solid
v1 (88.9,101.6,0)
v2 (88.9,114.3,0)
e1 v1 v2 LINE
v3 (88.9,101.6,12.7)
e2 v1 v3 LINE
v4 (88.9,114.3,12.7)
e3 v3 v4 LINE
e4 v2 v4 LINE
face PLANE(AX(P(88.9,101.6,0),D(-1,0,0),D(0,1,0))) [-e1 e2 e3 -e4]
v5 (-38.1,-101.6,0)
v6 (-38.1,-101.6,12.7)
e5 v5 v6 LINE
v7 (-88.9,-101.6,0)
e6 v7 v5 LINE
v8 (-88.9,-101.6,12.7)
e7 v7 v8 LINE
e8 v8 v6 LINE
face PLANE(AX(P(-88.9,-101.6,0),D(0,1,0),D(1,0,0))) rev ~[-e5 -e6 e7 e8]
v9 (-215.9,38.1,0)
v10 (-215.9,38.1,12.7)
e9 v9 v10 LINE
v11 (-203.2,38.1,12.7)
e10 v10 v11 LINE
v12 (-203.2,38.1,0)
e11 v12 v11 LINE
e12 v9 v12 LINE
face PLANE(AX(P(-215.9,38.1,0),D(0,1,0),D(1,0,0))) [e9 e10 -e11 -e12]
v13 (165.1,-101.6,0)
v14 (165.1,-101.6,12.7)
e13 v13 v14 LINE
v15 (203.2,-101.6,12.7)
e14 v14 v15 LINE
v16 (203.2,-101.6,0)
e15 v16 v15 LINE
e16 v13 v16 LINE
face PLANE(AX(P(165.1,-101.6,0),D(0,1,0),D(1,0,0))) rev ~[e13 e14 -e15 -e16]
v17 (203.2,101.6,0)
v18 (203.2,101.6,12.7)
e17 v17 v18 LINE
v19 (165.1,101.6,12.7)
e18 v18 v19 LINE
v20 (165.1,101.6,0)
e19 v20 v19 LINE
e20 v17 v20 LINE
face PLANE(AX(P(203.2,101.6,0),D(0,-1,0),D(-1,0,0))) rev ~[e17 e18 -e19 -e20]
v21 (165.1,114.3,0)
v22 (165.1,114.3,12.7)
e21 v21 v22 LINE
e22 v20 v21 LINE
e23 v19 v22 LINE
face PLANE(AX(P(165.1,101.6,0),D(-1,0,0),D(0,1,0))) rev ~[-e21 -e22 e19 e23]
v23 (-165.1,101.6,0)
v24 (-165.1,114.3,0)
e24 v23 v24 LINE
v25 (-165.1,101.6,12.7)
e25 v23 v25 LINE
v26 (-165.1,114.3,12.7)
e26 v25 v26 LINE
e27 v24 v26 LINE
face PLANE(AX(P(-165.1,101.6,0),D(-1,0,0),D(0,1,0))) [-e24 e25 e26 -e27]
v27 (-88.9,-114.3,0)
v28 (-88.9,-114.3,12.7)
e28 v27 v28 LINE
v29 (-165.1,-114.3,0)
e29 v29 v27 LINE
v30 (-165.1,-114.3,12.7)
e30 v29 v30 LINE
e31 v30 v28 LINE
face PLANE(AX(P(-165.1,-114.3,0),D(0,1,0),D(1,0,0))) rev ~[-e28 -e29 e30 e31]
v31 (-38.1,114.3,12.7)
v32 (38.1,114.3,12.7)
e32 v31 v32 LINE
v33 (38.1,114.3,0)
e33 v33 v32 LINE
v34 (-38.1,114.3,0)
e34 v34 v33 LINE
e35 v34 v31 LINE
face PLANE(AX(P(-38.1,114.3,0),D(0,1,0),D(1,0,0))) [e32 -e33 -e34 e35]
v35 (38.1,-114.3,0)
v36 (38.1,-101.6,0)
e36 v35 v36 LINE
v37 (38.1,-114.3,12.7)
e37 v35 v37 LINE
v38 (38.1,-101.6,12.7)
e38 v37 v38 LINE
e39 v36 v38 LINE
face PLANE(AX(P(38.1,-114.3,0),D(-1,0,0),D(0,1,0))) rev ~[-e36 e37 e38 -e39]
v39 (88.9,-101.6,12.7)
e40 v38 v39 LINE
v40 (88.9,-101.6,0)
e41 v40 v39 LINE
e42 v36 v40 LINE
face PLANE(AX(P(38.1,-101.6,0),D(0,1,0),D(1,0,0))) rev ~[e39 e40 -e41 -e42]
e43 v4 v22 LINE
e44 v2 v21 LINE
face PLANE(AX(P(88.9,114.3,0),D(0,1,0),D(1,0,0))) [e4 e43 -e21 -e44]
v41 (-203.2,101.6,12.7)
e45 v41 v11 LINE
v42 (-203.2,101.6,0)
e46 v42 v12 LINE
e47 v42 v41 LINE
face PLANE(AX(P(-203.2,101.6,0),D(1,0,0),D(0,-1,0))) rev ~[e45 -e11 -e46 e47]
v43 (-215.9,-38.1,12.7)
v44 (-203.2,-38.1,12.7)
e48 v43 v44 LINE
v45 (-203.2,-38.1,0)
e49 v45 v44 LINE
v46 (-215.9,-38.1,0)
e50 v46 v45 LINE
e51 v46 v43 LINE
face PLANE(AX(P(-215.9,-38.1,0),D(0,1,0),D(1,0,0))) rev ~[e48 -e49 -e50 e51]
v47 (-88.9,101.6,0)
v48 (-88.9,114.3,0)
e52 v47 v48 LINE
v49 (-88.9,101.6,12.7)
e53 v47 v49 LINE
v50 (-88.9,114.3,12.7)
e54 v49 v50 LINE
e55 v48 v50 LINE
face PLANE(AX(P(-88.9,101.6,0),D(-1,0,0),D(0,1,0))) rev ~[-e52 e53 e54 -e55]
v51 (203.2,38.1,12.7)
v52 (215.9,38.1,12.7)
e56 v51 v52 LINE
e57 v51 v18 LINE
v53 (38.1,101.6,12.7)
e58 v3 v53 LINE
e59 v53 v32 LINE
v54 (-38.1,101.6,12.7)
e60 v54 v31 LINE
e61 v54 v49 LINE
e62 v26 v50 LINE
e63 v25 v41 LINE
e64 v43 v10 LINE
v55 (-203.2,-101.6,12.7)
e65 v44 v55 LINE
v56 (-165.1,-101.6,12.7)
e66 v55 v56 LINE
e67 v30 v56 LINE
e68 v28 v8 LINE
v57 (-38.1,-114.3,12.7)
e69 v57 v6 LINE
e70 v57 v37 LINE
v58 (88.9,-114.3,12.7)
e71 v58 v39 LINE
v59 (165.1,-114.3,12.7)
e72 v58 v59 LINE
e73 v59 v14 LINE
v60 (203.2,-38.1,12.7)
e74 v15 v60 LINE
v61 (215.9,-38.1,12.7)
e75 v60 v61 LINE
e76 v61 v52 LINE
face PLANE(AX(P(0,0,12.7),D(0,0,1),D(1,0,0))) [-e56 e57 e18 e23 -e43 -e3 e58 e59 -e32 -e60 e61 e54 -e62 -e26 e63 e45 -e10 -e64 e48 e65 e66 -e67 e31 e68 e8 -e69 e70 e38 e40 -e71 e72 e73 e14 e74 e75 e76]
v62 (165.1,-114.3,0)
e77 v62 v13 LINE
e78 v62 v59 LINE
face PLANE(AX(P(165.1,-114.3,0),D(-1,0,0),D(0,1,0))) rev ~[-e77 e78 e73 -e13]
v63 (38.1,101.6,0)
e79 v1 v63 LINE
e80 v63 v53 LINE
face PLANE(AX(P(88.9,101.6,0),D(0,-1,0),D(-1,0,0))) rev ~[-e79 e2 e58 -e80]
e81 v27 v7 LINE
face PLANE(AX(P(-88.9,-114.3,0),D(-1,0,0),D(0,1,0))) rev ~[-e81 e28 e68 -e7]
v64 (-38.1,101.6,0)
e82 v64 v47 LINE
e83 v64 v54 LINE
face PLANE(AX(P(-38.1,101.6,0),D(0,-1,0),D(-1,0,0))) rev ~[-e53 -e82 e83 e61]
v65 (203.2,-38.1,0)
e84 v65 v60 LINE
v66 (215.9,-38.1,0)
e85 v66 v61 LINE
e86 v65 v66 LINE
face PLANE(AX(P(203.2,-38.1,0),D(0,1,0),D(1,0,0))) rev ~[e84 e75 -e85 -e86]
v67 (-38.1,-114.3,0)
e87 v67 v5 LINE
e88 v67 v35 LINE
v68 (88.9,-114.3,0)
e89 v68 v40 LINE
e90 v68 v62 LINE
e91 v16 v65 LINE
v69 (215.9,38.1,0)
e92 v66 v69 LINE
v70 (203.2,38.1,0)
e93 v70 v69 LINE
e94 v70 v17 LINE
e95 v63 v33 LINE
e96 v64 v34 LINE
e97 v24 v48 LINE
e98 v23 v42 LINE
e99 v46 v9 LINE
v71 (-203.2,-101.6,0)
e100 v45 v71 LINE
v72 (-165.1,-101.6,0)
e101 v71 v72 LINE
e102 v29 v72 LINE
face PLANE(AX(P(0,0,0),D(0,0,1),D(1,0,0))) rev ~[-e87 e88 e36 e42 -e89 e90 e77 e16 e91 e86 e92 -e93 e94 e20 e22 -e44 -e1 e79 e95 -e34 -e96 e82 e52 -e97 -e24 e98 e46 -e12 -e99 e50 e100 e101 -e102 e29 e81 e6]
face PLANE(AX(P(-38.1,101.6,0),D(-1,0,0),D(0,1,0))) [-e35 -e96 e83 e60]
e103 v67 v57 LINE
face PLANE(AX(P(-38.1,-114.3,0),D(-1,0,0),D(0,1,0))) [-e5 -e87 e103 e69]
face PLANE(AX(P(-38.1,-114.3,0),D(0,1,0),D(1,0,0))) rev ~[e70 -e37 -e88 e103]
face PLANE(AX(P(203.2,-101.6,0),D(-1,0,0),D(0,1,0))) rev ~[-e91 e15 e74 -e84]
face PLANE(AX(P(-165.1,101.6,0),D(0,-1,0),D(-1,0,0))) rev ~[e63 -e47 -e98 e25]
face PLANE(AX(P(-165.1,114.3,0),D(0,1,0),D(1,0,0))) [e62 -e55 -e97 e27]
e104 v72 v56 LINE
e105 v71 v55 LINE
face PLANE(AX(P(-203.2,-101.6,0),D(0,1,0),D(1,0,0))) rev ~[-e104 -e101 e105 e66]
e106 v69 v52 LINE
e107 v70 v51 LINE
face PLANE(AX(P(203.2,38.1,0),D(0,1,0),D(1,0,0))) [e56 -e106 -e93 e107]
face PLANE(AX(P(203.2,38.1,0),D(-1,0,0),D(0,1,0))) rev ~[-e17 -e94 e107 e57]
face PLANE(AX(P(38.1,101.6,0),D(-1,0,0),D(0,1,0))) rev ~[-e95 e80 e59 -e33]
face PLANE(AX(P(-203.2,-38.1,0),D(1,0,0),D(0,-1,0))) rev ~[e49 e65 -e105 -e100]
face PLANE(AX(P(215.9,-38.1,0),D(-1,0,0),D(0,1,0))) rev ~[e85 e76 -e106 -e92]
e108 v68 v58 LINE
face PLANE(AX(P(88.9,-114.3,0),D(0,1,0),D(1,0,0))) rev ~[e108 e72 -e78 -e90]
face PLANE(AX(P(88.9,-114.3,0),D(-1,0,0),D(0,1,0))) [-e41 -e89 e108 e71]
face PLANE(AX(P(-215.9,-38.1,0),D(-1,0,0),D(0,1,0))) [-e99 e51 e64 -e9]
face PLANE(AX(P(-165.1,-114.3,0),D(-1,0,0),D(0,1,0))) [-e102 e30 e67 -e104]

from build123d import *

# Parameters (mm, degrees)
F0_W     = 12.7
F0_H     = 76.2
F0_W_2   = 76.2
F0_H_2   = 12.7
F1_DEPTH = 12.7


with BuildPart() as f1:
    # F0 (on Top) → F1 (new body)
    with BuildSketch(Plane.XY):
        Polygon((-165.1, 101.6), (-203.2, 101.6), (-203.2, 38.1), (-190.5, 38.1), (-190.5, -38.1), (-203.2, -38.1), (-203.2, -101.6), (-165.1, -101.6), (-165.1, -88.9), (-88.9, -88.9), (-88.9, -101.6), (-38.1, -101.6), (-38.1, -88.9), (38.1, -88.9), (38.1, -101.6), (88.9, -101.6), (88.9, -88.9), (165.1, -88.9), (165.1, -101.6), (203.2, -101.6), (203.2, -38.1), (190.5, -38.1), (190.5, 38.1), (203.2, 38.1), (203.2, 101.6), (165.1, 101.6), (165.1, 88.9), (88.9, 88.9), (88.9, 101.6), (38.1, 101.6), (38.1, 88.9), (-38.1, 88.9), (-38.1, 101.6), (-88.9, 101.6), (-88.9, 88.9), (-165.1, 88.9), align=None)
        with Locations((-196.85, 0)):
            Rectangle(F0_W, F0_H)
        with Locations((-209.55, 0)):
            Rectangle(F0_W, F0_H)
        with Locations((0, 107.95)):
            Rectangle(F0_W_2, F0_H_2)
        with Locations((0, 95.25)):
            Rectangle(F0_W_2, F0_H_2)
        with Locations((0, -107.95)):
            Rectangle(F0_W_2, F0_H_2)
        with Locations((0, -95.25)):
            Rectangle(F0_W_2, F0_H_2)
        with Locations((196.85, 0)):
            Rectangle(F0_W, F0_H)
        with Locations((209.55, 0)):
            Rectangle(F0_W, F0_H)
        with Locations((-127, 107.95)):
            Rectangle(F0_W_2, F0_H_2)
        with Locations((-127, 95.25)):
            Rectangle(F0_W_2, F0_H_2)
        with Locations((127, 95.25)):
            Rectangle(F0_W_2, F0_H_2)
        with Locations((127, 107.95)):
            Rectangle(F0_W_2, F0_H_2)
        with Locations((127, -95.25)):
            Rectangle(F0_W_2, F0_H_2)
        with Locations((127, -107.95)):
            Rectangle(F0_W_2, F0_H_2)
        with Locations((-127, -95.25)):
            Rectangle(F0_W_2, F0_H_2)
        with Locations((-127, -107.95)):
            Rectangle(F0_W_2, F0_H_2)
    extrude(amount=F1_DEPTH)


solid = f1.part
